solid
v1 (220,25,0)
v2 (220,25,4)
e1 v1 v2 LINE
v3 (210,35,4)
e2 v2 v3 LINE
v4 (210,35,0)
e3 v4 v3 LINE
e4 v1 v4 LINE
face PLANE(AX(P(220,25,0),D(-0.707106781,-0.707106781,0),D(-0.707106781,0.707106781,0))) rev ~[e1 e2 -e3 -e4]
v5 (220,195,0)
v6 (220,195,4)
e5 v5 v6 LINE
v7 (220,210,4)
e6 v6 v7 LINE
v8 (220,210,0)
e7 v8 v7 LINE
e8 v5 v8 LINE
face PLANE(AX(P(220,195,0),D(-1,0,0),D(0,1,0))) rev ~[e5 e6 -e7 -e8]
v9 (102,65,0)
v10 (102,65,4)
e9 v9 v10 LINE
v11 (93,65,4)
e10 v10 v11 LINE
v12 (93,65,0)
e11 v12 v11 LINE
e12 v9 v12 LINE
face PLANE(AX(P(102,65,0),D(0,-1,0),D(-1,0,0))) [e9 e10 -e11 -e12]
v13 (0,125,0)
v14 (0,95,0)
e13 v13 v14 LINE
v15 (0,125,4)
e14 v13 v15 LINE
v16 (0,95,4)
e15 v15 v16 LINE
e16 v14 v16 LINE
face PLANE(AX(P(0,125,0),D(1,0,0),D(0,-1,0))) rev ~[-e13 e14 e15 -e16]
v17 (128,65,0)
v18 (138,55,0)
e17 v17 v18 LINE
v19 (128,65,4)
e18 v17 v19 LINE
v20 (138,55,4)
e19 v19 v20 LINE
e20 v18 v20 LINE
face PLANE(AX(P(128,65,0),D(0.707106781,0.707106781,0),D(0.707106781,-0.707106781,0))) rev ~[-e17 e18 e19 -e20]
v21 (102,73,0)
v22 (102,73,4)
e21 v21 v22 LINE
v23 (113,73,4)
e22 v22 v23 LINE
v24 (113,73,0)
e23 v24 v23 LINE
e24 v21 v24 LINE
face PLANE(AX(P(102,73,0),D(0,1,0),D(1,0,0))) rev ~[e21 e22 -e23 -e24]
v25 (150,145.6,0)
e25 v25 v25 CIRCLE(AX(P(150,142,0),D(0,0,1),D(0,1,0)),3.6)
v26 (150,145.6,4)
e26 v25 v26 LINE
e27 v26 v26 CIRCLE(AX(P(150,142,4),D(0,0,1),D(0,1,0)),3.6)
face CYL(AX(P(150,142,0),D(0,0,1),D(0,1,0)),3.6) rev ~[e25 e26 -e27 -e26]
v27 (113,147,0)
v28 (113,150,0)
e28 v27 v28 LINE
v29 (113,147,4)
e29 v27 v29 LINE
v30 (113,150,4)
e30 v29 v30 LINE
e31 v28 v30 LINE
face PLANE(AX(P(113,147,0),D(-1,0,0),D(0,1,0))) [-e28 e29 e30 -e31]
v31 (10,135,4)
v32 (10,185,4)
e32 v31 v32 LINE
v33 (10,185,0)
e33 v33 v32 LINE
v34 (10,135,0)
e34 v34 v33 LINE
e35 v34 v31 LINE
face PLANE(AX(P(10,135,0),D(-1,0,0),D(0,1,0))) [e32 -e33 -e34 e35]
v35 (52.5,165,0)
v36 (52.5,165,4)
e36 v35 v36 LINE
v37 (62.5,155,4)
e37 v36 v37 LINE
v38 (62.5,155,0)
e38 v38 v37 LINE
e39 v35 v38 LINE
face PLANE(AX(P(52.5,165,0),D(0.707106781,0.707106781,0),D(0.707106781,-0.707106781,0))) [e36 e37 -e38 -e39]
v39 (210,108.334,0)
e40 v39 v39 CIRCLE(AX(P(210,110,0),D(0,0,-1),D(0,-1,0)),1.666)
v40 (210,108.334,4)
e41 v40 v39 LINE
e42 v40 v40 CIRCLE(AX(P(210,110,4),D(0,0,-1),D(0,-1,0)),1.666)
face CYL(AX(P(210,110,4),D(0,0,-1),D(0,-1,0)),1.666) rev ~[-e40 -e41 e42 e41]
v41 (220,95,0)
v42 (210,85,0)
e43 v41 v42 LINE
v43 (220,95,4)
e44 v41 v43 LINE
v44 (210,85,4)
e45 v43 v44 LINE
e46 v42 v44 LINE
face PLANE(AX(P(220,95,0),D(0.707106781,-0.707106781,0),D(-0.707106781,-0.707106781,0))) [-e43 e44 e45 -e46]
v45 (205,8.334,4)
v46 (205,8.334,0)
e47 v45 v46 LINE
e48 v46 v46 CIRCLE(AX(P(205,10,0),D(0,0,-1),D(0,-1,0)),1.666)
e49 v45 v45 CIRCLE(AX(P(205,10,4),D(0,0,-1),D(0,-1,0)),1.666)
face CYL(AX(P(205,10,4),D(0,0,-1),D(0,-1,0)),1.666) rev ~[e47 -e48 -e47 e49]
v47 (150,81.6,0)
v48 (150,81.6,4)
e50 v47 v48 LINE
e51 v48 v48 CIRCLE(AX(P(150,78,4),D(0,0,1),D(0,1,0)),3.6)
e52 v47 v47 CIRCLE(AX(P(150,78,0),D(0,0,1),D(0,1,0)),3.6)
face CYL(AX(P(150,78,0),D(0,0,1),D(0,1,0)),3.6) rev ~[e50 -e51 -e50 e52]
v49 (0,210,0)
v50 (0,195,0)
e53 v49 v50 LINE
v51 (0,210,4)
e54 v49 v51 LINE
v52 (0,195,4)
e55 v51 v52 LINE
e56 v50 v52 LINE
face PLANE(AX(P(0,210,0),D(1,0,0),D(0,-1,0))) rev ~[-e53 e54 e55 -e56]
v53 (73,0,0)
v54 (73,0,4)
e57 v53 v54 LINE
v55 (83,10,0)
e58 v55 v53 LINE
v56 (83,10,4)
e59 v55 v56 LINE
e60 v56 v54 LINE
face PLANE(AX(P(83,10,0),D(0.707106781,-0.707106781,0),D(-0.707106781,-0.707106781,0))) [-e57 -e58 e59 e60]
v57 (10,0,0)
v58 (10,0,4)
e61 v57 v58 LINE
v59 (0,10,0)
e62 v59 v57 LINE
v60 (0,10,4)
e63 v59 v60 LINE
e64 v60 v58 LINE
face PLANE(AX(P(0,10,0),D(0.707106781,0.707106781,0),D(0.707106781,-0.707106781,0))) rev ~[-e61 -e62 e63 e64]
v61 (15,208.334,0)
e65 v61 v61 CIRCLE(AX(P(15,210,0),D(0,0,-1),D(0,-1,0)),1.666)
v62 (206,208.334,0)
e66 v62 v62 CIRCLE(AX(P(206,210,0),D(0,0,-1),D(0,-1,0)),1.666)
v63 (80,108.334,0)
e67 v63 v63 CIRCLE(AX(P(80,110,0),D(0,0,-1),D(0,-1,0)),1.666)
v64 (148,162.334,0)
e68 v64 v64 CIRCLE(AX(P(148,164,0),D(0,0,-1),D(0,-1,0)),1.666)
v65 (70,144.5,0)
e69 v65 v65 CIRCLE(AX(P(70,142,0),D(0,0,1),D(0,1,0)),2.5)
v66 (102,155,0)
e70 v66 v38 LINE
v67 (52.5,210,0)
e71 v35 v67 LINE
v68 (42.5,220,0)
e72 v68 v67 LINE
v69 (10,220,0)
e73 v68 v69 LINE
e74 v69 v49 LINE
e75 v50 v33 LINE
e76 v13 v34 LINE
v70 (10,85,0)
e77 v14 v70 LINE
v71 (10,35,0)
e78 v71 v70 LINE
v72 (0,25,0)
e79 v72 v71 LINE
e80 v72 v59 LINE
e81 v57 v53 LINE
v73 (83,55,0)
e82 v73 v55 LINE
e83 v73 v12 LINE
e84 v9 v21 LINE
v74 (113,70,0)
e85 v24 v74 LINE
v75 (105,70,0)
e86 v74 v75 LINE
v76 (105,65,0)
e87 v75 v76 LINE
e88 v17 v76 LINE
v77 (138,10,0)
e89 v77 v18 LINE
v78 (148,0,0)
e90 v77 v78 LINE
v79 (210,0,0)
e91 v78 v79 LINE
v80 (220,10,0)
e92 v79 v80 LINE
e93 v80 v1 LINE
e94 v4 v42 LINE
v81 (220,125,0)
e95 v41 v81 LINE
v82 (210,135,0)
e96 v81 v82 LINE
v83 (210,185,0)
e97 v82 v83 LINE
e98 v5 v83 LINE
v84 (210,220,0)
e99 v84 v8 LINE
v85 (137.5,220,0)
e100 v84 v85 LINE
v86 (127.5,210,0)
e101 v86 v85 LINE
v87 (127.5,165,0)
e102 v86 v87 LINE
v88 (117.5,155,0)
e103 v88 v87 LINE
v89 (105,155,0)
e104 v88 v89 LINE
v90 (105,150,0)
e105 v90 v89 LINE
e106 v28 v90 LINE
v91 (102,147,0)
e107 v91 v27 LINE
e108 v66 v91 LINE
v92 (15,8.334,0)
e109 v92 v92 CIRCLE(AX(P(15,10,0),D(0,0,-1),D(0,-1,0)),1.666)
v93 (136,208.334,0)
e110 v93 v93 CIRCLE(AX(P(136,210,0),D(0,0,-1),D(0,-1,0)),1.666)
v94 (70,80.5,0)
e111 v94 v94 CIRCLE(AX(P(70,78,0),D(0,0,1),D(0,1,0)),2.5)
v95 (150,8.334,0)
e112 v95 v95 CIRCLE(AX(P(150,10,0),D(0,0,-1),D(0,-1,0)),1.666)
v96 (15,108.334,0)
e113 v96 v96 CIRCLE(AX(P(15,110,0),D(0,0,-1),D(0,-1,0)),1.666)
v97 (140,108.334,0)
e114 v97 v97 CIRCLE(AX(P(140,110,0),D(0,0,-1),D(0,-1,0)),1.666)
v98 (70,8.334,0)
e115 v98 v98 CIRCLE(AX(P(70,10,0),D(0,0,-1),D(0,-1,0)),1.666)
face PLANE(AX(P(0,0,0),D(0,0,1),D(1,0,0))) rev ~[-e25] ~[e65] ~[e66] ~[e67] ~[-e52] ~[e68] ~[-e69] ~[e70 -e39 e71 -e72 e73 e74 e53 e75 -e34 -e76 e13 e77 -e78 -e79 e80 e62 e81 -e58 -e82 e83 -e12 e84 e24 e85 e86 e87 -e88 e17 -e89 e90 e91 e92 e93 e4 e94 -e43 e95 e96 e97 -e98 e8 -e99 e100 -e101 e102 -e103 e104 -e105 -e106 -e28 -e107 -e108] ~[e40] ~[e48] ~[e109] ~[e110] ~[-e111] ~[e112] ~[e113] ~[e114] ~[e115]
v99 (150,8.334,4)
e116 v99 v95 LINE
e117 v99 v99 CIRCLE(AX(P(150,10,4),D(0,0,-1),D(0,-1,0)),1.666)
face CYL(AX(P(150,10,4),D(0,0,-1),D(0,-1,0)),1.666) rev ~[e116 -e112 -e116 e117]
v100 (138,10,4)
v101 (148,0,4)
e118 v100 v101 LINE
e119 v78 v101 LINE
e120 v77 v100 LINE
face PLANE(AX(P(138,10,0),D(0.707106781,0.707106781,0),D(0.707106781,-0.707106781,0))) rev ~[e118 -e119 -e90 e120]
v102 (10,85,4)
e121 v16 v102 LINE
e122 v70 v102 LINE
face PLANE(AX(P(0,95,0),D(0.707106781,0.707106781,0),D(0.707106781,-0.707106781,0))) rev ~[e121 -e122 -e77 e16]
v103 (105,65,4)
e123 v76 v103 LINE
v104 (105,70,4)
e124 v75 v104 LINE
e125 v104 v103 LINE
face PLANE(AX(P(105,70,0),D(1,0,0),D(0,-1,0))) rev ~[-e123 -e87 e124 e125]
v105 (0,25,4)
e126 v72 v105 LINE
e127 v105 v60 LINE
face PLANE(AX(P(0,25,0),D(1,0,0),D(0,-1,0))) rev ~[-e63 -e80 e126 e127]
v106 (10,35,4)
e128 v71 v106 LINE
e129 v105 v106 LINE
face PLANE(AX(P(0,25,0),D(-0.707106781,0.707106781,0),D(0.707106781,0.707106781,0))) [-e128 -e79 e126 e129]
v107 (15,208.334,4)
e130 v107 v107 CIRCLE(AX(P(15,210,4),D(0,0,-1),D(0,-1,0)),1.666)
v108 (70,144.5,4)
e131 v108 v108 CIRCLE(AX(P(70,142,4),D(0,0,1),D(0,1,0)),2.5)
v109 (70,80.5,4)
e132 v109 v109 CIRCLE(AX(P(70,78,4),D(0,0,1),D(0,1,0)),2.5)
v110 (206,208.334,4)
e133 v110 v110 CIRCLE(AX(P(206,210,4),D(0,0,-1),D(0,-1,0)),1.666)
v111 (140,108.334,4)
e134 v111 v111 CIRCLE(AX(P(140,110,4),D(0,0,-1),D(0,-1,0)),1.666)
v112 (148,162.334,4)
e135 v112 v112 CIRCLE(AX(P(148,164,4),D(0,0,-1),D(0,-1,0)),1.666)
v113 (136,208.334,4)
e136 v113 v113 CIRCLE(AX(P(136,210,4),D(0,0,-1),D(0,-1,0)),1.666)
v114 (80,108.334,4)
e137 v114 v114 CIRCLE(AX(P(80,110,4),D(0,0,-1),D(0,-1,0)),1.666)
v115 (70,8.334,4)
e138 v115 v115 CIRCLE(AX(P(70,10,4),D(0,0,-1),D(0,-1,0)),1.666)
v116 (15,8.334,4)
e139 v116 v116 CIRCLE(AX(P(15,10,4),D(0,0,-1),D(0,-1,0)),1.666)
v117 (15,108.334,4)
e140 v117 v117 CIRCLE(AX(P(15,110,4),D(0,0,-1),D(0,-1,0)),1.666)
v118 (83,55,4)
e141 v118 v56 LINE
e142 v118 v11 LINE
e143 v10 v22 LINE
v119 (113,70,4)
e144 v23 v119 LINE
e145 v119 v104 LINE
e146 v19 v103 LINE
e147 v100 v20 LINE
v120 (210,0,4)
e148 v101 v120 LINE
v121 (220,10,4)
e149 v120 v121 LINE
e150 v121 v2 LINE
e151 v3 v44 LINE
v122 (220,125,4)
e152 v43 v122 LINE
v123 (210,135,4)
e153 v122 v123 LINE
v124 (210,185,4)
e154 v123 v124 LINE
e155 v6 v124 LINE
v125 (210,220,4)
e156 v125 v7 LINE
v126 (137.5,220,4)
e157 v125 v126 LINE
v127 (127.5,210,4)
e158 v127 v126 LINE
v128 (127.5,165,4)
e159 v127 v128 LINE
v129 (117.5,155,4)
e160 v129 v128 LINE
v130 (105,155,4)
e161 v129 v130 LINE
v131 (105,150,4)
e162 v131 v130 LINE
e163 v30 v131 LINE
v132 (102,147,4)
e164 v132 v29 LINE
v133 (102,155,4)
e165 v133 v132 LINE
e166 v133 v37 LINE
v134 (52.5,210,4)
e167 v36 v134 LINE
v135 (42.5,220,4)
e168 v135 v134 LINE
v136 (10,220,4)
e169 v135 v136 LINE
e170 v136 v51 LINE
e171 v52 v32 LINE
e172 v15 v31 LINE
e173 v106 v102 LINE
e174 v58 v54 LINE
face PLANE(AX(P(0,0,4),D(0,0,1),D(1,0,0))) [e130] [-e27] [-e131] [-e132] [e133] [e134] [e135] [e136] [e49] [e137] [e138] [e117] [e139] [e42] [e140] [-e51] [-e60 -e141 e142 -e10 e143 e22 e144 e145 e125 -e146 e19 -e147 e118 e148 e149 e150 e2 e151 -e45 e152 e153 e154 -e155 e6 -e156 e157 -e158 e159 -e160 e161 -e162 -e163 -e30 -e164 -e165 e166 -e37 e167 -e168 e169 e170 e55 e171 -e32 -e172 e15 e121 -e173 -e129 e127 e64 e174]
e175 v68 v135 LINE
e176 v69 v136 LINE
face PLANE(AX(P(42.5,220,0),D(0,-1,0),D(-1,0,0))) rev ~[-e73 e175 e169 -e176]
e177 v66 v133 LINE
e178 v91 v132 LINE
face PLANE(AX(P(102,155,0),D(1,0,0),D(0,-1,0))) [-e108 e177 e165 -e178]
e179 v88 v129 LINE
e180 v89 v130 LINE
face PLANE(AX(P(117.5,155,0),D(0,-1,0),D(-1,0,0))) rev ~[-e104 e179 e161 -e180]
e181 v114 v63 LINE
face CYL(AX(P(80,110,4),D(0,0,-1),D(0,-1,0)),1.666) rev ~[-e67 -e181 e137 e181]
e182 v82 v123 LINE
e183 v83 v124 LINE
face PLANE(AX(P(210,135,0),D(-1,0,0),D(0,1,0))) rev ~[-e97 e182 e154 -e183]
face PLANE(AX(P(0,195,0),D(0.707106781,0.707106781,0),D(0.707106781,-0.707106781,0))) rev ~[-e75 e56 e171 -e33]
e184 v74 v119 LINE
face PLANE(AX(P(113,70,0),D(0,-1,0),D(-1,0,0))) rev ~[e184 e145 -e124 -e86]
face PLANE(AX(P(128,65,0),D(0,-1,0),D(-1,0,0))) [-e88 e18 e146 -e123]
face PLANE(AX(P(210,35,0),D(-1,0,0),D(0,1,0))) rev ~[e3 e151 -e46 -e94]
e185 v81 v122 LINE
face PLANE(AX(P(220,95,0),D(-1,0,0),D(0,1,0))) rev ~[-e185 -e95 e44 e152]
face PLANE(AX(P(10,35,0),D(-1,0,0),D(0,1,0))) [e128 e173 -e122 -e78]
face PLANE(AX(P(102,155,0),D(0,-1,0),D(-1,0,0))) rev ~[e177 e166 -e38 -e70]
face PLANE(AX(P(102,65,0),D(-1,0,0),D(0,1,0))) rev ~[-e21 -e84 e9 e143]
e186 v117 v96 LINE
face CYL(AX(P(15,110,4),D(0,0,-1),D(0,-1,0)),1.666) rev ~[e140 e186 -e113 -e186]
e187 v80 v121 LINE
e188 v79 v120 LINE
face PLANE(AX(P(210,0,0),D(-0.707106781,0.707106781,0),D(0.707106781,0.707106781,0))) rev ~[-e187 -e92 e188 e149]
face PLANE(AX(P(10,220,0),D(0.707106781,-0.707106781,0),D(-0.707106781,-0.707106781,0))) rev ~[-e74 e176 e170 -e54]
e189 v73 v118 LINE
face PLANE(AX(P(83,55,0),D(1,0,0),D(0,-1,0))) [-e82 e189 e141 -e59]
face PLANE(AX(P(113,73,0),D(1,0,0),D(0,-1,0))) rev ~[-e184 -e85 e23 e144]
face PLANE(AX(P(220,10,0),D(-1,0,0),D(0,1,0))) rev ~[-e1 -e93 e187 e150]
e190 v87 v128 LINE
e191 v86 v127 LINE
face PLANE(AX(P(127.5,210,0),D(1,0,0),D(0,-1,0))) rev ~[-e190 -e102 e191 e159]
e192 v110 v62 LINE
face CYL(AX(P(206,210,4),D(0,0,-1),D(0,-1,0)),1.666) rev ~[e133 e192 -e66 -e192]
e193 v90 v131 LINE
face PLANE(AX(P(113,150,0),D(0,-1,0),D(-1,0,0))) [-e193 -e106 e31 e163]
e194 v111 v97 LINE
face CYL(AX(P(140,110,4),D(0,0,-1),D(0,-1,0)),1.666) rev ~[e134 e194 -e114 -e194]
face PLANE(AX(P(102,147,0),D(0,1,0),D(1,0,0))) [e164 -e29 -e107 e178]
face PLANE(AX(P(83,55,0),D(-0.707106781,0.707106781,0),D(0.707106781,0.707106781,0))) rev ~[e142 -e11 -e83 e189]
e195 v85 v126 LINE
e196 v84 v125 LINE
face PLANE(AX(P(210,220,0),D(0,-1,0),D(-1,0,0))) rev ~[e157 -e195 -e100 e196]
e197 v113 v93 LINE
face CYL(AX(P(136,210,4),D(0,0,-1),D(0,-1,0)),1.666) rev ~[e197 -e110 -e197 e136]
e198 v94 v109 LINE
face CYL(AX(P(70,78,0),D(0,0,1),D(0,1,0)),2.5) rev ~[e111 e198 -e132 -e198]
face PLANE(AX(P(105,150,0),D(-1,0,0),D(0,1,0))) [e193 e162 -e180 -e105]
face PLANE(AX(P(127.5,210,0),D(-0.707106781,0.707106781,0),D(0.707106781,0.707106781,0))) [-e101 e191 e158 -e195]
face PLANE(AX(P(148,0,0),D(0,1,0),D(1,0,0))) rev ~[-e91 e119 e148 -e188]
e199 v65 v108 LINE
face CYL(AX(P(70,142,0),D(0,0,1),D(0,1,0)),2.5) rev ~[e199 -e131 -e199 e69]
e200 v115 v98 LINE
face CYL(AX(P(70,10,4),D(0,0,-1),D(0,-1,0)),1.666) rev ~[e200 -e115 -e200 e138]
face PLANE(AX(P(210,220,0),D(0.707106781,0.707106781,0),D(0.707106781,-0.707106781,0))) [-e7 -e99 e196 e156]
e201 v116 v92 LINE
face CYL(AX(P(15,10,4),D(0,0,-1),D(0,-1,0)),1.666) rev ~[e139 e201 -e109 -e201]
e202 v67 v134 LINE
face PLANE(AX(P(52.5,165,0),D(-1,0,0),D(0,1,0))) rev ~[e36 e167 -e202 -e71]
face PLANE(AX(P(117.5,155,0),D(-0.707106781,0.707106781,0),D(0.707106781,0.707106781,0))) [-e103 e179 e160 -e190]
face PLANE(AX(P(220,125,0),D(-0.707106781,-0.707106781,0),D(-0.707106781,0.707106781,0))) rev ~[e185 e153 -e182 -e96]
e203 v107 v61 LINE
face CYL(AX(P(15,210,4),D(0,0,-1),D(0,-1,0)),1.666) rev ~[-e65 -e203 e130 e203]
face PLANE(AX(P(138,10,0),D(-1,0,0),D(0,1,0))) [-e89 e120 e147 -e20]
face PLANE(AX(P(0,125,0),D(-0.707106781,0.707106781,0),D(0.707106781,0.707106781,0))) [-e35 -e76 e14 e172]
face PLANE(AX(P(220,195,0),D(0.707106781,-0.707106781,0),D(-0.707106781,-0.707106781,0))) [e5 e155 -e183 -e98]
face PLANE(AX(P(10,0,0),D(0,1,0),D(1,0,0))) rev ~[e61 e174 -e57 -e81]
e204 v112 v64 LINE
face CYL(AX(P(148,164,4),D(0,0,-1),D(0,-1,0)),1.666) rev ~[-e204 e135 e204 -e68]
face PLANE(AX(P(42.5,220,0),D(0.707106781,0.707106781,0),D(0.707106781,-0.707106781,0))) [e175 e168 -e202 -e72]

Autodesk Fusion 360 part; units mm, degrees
sketch "Sketch1" plane through (0, 0, 0) normal (0, 0, 1) x (1, 0, 0)
  line L0 (10, 0) -> (210, 0)
  line L1 (220, 10) -> (220, 210)
  line L2 (210, 220) -> (10, 220)
  line L3 (0, 210) -> (0, 10)
  line L4 (83, 0) -> (138, 0)
  line L5 (138, 0) -> (138, 55)
  line L6 (128, 65) -> (93, 65)
  line L7 (83, 55) -> (83, 0)
  line L8 (52.5, 220) -> (127.5, 220)
  line L9 (127.5, 220) -> (127.5, 165)
  line L10 (117.5, 155) -> (62.5, 155)
  line L11 (52.5, 165) -> (52.5, 220)
  line L12 (52.5, 165) -> (62.5, 155)
  line L13 (117.5, 155) -> (127.5, 165)
  line L14 (83, 55) -> (93, 65)
  line L15 (128, 65) -> (138, 55)
  line L16 (0, 25) -> (10, 25)
  line L17 (10, 25) -> (10, 95)
  line L18 (10, 95) -> (0, 95)
  line L19 (0, 95) -> (0, 25)
  line L20 (0, 125) -> (10, 125)
  line L21 (10, 125) -> (10, 195)
  line L22 (10, 195) -> (0, 195)
  line L23 (0, 195) -> (0, 125)
  line L24 (10, 220) -> (0, 210)
  line L25 (210, 220) -> (220, 210)
  line L26 (0, 10) -> (10, 0)
  line L27 (210, 0) -> (220, 10)
  line L28 (0, 95) -> (10, 85)
  line L29 (0, 125) -> (10, 135)
  line L30 (0, 195) -> (10, 185)
  line L31 (0, 25) -> (10, 35)
  line L32 (110, 0) -> (110, 220) construction
  line L33 (210, 195) -> (220, 195)
  line L34 (220, 195) -> (210, 185)
  line L35 (210, 125) -> (210, 195)
  line L36 (220, 125) -> (210, 135)
  line L37 (220, 125) -> (210, 125)
  line L38 (210, 95) -> (220, 95)
  line L39 (210, 25) -> (210, 95)
  line L40 (220, 95) -> (210, 85)
  line L41 (220, 25) -> (210, 25)
  line L42 (220, 25) -> (210, 35)
  line L43 (0, 110) -> (220, 110) construction
  line L44 (150, 142) -> (70, 142) construction
  line L45 (70, 142) -> (70, 78) construction
  line L46 (70, 78) -> (150, 78) construction
  line L47 (150, 78) -> (150, 142) construction
  line L48 (150, 142) -> (70, 78) construction
  line L49 (70, 142) -> (150, 78) construction
  line L50 (102, 65) -> (102, 73)
  line L51 (102, 73) -> (113, 73)
  line L52 (113, 73) -> (113, 70)
  line L53 (113, 70) -> (105, 70)
  line L54 (105, 70) -> (105, 65)
  line L55 (102, 155) -> (102, 147)
  line L56 (102, 147) -> (113, 147)
  line L57 (113, 150) -> (105, 150)
  line L58 (113, 147) -> (113, 150)
  line L59 (105, 150) -> (105, 155)
  line L60 (42.5, 220) -> (52.5, 210)
  line L61 (127.5, 210) -> (137.5, 220)
  line L62 (138, 10) -> (148, 0)
  line L63 (83, 10) -> (73, 0)
  point P0 (220, 0)
  point P1 (0, 220)
  point P2 (52.5, 155)
  point P3 (127.5, 155)
  point P4 (83, 65)
  point P5 (138, 65)
  point P6 (220, 220)
  point P7 (110, 110)
  point P8 (110, 110)
  dimension "d1" = 220
  dimension "d2" = 220
  dimension "d3" = 83
  dimension "d4" = 138
  dimension "d5" = 65
  dimension "d6" = 52.5
  dimension "d7" = 127.5
  dimension "d8" = 65
  dimension "d9" = 10
  dimension "d10" = 10
  dimension "d11" = 10
  dimension "d12" = 10
  dimension "d13" = 10
  dimension "d14" = 10
  dimension "d15" = 10
  dimension "d16" = 10
  dimension "d17" = 95
  dimension "d18" = 25
  dimension "d19" = 10
  dimension "d20" = 195
  dimension "d21" = 125
  dimension "d22" = 10
  dimension "d23" = 10
  dimension "d24" = 10
  dimension "d25" = 10
  dimension "d26" = 10
  dimension "d27" = 10
  dimension "d28" = 10
  dimension "d29" = 10
  dimension "d30" = 10
  dimension "d31" = 80
  dimension "d32" = 64
  dimension "d41" = 102
  dimension "d42" = 3
  dimension "d44" = 3
  dimension "d45" = 11
  dimension "d46" = 8
  dimension "d60" = 10
  dimension "d61" = 10
  dimension "d62" = 10
  dimension "d63" = 10
extrude "Extrude1" add sketch "Sketch1" along normal blind 4 contours L0 L1 L2 L3 L5 L6 L7 L9 L10 L11 L12 L13 L14 L15 L16 L17 L18 L20 L21 L22 L24 L25 L26 L27 L33 L35 L37 L38 L39 L41 L50 L51 L52 L53 L54 L55 L56 L57 L58 L59 L60 L61 L62 L63 | L16 L17 L31 | L17 L18 L28 | L20 L21 L29 | L21 L22 L30 | L39 L41 L42 | L38 L39 L40 | L35 L36 L37 | L33 L34 L35
hole "Hole1" at (70, 142, 0) at (70, 78, 0) direction (0, 0, 1) diameter 5 end through all
hole "Hole2" at (150, 78, 0) at (150, 142, 0) direction (0, 0, 1) diameter 7.2 depth 4 tip angle 118
sketch "Sketch2" plane through (0, 0, 4) normal (0, 0, 1) x (-1, 0, 0)
  circle A0 centre (-150, -78) radius 3.6
  circle A1 centre (-150, -142) radius 3.6
  circle A2 centre (-70, -142) radius 2.5
  circle A3 centre (-70, -78) radius 2.5
  line L0 (-102, -155) -> (-62.5, -155)
  line L1 (-62.5, -155) -> (-52.5, -165)
  line L2 (-52.5, -165) -> (-52.5, -210)
  line L3 (-42.5, -220) -> (-10, -220)
  line L4 (-10, -220) -> (0, -210)
  line L5 (0, -210) -> (0, -195)
  line L6 (0, -195) -> (-10, -185)
  line L7 (-10, -185) -> (-10, -135)
  line L8 (-10, -135) -> (0, -125)
  line L9 (0, -125) -> (0, -95)
  line L10 (0, -95) -> (-10, -85)
  line L11 (-10, -85) -> (-10, -35)
  line L12 (-10, -35) -> (0, -25)
  line L13 (0, -25) -> (0, -10)
  line L14 (0, -10) -> (-10, 0)
  line L15 (-10, 0) -> (-73, 0)
  line L16 (-83, -10) -> (-83, -55)
  line L17 (-83, -55) -> (-93, -65)
  line L18 (-93, -65) -> (-102, -65)
  line L19 (-102, -65) -> (-102, -73)
  line L20 (-102, -73) -> (-113, -73)
  line L21 (-113, -73) -> (-113, -70)
  line L22 (-113, -70) -> (-105, -70)
  line L23 (-105, -70) -> (-105, -65)
  line L24 (-105, -65) -> (-128, -65)
  line L25 (-128, -65) -> (-138, -55)
  line L26 (-138, -55) -> (-138, -10)
  line L27 (-148, 0) -> (-210, 0)
  line L28 (-210, 0) -> (-220, -10)
  line L29 (-220, -10) -> (-220, -25)
  line L30 (-220, -25) -> (-210, -35)
  line L31 (-210, -35) -> (-210, -85)
  line L32 (-210, -85) -> (-220, -95)
  line L33 (-220, -95) -> (-220, -125)
  line L34 (-220, -125) -> (-210, -135)
  line L35 (-210, -135) -> (-210, -185)
  line L36 (-210, -185) -> (-220, -195)
  line L37 (-220, -195) -> (-220, -210)
  line L38 (-220, -210) -> (-210, -220)
  line L39 (-210, -220) -> (-137.5, -220)
  line L40 (-127.5, -210) -> (-127.5, -165)
  line L41 (-127.5, -165) -> (-117.5, -155)
  line L42 (-117.5, -155) -> (-105, -155)
  line L43 (-105, -155) -> (-105, -150)
  line L44 (-105, -150) -> (-113, -150)
  line L45 (-113, -150) -> (-113, -147)
  line L46 (-113, -147) -> (-102, -147)
  line L47 (-102, -147) -> (-102, -155)
  line L48 (0, -110) -> (-220, -110) construction
  line L49 (-10, 0) -> (-210, 0) construction
  line L50 (0, -10) -> (-220, -10) construction
  line L51 (0, -210) -> (-220, -210) construction
  line L52 (-138, -10) -> (-148, 0)
  line L53 (-137.5, -220) -> (-127.5, -210)
  line L54 (-52.5, -210) -> (-42.5, -220)
  line L55 (-73, 0) -> (-83, -10)
  point P0 (-15, -110)
  point P1 (-80, -110)
  point P2 (-140, -110)
  point P3 (-210, -110)
  point P4 (-15, -210)
  point P5 (-136, -210)
  point P6 (-206, -210)
  point P7 (-15, -10)
  point P8 (-70, -10)
  point P9 (-150, -10)
  point P10 (-205, -10)
  point P11 (-148, -164)
  dimension "d47" = 110
  dimension "d48" = 10
  dimension "d49" = 15
  dimension "d50" = 80
  dimension "d51" = 140
  dimension "d52" = 210
  dimension "d53" = 15
  dimension "d54" = 136
  dimension "d55" = 206
  dimension "d56" = 15
  dimension "d57" = 70
  dimension "d58" = 150
  dimension "d59" = 205
  dimension "d70" = 148
  dimension "d71" = 164
hole "Hole3" at (15, 210, 4) at (136, 210, 4) at (206, 210, 4) at (210, 110, 4) at (140, 110, 4) at (80, 110, 4) at (15, 110, 4) at (15, 10, 4) at (70, 10, 4) at (150, 10, 4) at (205, 10, 4) direction (0, 0, -1) diameter 3.332 depth 4 tip angle 118
hole "Hole5" at (148, 164, 4) direction (0, 0, -1) diameter 3.332 depth 4 tip angle 118
ref_plane "WorkPlane1" through (110, 110, 2) normal (-1, 0, 0) x (0, -1, 0)
equation "d10 = d9"
equation "d12 = d11"
equation "d14 = d13"
equation "d16 = d15"
equation "d24 = d23"
equation "d26 = d25"
equation "d28 = d27"
equation "d30 = d29"
